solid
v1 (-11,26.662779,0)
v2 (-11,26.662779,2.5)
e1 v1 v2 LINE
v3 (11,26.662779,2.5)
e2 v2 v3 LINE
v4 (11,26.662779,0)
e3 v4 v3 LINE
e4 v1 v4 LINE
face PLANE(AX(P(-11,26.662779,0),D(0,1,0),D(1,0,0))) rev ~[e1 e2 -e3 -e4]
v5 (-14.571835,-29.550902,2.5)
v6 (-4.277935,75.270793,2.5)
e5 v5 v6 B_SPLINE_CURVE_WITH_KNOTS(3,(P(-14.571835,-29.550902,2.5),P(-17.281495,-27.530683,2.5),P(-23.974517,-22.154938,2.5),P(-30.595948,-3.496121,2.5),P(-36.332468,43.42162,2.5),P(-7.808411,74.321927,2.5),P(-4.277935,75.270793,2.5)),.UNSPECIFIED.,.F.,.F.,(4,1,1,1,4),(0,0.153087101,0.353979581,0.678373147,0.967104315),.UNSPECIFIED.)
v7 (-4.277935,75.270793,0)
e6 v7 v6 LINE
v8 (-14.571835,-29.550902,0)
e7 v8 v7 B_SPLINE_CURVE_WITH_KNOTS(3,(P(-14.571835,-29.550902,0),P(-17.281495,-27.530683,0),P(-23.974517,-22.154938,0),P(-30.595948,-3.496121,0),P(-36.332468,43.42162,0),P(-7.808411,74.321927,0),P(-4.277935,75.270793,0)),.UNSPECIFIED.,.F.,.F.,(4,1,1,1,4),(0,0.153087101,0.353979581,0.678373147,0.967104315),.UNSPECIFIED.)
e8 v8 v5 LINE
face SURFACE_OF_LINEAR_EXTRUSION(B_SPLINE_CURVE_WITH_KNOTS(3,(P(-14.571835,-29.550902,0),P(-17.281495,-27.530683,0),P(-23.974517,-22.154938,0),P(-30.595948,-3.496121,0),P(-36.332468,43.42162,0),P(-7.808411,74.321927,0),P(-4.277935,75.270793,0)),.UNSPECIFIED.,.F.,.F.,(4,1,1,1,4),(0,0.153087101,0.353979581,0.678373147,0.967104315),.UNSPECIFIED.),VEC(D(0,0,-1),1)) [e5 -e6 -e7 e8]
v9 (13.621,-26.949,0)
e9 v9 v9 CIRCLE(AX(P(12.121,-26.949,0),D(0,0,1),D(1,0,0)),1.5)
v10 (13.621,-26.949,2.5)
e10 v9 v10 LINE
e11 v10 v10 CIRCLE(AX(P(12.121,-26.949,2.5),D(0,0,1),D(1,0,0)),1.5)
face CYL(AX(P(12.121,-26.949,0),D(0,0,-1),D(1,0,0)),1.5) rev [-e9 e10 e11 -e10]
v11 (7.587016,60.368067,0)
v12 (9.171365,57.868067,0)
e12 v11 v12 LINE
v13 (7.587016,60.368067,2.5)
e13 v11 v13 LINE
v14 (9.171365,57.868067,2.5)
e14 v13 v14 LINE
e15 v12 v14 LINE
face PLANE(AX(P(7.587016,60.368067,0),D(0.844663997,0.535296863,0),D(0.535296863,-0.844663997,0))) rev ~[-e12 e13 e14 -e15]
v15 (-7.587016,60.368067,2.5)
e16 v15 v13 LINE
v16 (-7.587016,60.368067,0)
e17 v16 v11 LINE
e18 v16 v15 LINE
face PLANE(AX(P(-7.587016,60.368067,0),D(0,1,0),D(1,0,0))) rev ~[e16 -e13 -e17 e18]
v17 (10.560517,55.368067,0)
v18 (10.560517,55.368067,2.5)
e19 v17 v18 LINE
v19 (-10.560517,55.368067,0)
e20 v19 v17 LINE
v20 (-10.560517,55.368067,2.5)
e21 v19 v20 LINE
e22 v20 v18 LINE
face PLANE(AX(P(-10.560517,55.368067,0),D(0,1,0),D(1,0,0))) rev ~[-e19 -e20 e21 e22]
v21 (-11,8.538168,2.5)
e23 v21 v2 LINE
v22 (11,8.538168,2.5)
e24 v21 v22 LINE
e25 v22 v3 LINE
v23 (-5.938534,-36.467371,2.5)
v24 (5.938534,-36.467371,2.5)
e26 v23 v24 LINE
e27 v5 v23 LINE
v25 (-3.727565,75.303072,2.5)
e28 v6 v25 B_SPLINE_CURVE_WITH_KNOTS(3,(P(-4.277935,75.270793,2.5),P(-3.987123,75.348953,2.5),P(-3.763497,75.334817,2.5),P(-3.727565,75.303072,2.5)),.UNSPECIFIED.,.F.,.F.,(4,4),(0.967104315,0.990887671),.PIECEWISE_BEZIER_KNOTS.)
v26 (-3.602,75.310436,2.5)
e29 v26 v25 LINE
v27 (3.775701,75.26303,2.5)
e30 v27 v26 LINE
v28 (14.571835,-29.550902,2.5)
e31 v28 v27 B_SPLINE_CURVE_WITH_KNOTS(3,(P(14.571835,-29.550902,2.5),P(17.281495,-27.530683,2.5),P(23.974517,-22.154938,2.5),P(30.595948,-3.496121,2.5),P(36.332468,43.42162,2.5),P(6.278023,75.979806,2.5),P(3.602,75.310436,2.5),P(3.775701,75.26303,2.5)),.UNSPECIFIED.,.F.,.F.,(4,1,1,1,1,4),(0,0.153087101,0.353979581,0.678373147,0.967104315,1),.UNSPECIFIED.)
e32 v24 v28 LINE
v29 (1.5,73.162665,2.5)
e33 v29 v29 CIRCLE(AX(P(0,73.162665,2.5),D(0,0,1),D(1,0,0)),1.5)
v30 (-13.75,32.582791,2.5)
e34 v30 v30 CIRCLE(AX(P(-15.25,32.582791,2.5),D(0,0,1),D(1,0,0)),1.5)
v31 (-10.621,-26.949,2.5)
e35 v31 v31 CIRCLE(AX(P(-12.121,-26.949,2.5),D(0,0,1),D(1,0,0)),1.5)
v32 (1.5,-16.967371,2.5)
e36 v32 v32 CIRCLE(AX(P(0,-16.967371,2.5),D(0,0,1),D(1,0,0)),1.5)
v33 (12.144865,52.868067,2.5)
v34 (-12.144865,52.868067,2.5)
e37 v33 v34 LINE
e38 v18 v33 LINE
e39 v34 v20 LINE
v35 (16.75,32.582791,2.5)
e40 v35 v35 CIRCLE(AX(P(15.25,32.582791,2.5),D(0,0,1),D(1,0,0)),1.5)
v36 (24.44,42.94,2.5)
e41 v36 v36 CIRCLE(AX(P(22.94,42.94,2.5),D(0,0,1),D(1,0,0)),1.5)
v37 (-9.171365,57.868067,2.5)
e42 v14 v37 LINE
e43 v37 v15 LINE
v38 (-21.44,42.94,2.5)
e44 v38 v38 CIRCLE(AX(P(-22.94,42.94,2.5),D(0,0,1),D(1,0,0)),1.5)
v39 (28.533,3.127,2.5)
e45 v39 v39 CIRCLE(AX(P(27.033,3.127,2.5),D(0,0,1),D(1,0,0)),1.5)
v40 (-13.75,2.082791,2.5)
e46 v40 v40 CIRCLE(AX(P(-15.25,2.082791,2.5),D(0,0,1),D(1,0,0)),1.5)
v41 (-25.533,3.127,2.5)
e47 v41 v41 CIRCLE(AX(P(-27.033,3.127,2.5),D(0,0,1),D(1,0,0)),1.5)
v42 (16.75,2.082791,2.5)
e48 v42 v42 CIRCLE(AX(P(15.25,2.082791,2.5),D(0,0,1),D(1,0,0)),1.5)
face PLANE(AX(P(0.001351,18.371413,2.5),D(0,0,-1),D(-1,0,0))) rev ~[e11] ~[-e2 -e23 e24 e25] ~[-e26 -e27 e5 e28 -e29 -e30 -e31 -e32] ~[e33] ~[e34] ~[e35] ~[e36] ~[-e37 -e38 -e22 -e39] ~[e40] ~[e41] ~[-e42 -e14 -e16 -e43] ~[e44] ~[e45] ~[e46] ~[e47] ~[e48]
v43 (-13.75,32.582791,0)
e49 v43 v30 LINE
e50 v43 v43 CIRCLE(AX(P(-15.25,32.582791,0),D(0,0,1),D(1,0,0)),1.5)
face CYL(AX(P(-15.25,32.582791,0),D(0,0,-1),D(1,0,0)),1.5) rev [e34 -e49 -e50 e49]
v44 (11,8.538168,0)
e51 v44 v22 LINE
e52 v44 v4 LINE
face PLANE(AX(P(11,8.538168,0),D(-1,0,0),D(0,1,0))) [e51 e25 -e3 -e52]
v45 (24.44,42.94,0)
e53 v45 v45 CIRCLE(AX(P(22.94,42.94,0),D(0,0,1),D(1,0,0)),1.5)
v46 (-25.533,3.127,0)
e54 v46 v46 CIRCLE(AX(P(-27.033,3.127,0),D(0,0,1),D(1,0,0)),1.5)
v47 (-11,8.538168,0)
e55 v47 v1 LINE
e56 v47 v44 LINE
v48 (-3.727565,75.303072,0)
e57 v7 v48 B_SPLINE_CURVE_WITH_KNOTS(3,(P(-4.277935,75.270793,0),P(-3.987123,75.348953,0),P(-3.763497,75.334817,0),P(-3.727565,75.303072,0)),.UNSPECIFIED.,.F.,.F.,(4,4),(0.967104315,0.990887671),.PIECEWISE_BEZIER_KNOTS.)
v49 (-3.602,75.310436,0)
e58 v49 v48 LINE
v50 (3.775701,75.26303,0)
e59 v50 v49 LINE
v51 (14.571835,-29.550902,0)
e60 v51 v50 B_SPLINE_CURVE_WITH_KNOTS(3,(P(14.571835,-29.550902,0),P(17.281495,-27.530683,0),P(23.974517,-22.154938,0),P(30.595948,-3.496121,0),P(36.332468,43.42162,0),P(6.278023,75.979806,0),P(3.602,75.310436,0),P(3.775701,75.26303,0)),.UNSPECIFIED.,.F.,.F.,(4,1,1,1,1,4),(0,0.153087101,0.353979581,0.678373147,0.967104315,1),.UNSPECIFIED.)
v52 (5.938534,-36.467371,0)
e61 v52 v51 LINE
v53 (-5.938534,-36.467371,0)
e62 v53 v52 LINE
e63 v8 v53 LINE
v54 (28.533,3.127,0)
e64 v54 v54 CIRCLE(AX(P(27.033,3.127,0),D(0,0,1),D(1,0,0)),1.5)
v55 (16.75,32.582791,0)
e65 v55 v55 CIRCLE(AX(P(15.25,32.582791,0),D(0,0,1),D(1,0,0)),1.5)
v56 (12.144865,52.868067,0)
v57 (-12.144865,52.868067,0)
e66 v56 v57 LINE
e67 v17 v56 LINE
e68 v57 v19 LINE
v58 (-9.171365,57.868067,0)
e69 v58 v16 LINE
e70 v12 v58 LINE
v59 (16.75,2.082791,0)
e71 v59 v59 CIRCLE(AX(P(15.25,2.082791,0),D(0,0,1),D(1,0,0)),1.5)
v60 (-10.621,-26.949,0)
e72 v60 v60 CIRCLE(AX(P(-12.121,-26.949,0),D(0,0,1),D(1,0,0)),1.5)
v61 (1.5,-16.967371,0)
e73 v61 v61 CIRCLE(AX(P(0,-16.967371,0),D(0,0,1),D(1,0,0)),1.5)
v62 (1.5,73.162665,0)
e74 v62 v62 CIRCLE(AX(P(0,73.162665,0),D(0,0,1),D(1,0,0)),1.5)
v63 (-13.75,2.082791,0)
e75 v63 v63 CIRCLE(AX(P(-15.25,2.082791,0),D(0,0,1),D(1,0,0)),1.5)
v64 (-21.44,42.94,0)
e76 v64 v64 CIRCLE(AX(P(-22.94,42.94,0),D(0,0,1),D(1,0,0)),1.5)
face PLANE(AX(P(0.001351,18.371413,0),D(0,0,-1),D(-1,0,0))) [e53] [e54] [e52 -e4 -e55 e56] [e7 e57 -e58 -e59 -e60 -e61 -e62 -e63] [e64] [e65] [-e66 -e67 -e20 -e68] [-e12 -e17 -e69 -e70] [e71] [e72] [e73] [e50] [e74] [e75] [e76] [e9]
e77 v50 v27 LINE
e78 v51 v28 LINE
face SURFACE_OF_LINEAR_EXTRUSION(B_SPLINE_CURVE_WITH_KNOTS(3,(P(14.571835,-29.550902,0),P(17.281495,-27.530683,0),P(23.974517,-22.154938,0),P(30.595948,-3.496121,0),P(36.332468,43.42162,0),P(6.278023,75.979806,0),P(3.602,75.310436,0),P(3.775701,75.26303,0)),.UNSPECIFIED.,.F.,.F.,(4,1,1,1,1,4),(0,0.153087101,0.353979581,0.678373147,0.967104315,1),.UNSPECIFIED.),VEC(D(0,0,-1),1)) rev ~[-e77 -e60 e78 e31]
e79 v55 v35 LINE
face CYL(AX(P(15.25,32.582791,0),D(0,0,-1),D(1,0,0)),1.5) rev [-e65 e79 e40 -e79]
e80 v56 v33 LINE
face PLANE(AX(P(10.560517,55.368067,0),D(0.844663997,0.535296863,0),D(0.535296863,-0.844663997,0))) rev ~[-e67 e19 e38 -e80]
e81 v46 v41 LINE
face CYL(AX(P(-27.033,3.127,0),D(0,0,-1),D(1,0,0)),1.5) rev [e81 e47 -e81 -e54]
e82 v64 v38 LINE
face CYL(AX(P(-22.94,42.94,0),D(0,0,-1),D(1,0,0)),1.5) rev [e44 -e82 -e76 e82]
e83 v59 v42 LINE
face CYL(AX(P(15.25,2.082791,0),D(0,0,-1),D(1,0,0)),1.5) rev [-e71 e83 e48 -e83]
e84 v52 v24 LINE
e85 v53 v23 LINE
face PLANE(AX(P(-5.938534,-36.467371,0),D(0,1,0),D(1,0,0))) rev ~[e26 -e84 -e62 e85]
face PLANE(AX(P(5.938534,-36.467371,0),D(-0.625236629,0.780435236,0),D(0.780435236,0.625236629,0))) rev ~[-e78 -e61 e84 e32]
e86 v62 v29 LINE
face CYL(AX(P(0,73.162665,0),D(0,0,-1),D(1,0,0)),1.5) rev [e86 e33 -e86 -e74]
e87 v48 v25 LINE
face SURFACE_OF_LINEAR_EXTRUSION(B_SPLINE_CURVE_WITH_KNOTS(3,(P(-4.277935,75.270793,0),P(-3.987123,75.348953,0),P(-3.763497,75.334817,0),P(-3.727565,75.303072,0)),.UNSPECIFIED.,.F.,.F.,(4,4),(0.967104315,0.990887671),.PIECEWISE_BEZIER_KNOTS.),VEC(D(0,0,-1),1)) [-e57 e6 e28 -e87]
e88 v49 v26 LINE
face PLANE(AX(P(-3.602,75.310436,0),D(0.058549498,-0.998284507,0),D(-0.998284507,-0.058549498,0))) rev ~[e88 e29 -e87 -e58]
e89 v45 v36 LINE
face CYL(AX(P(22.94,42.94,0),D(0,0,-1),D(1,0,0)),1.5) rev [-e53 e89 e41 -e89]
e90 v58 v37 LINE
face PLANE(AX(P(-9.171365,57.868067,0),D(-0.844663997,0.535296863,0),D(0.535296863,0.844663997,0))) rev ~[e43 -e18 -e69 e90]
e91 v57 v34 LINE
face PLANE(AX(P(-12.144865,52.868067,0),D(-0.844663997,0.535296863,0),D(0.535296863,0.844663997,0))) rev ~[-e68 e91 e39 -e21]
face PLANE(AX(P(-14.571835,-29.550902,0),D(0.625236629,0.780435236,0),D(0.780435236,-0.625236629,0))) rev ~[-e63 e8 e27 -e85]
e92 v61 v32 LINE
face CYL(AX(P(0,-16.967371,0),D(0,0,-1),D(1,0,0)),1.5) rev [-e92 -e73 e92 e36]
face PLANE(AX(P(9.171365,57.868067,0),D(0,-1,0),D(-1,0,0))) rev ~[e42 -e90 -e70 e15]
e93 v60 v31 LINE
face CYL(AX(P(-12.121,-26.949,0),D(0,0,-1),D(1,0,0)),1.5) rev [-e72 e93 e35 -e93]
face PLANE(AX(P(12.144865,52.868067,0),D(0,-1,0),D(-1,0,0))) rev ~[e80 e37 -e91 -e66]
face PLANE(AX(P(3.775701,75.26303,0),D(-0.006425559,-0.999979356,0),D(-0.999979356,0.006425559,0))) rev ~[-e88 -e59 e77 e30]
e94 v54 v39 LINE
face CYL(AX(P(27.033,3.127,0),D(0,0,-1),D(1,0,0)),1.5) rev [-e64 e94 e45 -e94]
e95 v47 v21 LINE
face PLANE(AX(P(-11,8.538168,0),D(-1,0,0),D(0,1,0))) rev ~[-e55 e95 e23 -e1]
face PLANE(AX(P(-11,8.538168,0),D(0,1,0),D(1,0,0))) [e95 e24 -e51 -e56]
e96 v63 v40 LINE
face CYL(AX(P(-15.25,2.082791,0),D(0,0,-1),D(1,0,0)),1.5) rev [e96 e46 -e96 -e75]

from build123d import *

# Parameters (mm, degrees)
F0_R     = 1.5
F0_W     = 22
F0_H     = 18.1246111169
F1_DEPTH = 2.5


with BuildPart() as f1:
    # F0 (on Top) → F1 (new body)
    with BuildSketch(Plane.XY):
        with BuildLine():
            add(Edge.make_bspline(
                [(-14.5718348775, -29.5509017117), (-17.2814950812, -27.5306828536), (-23.9745169905, -22.1549382721), (-30.595947652, -3.49612126), (-36.3324677675, 43.4216202253), (-7.8084108152, 74.3219266363), (-4.2779348576, 75.2707928206)],
                knots=[0, 0, 0, 0, 0.1530871009, 0.3539795811, 0.6783731467, 0.9671043152, 0.9671043152, 0.9671043152, 0.9671043152], degree=3))
            Line((-14.5718348775, -29.5509017117), (-5.9385337498, -36.4673706747))
            Line((-5.9385337498, -36.4673706747), (0, -36.4673706747))
            Line((0, -36.4673706747), (5.9385337498, -36.4673706747))
            Line((5.9385337498, -36.4673706747), (14.5718348775, -29.5509017117))
            add(Edge.make_bspline(
                [(14.5718348775, -29.5509017117), (17.2814950812, -27.5306828536), (23.9745169905, -22.1549382721), (30.595947652, -3.49612126), (36.3324677675, 43.4216202253), (6.2780233831, 75.9798058314), (3.602, 75.3104364757), (3.7757005832, 75.2630296432)],
                knots=[0, 0, 0, 0, 0.1530871009, 0.3539795811, 0.6783731467, 0.9671043152, 1, 1, 1, 1], degree=3))
            Line((3.7757005832, 75.2630296432), (-3.602, 75.3104364757))
            Line((-3.602, 75.3104364757), (-3.7275652465, 75.3030720599))
            Line((-3.7275652465, 75.3030720599), (-4.2779348576, 75.2707928206))
        make_face()
        with Locations((-12.121, -26.949)):
            Circle(F0_R, mode=Mode.SUBTRACT)
        with Locations((-27.033, 3.127)):
            Circle(F0_R, mode=Mode.SUBTRACT)
        with Locations((-15.25, 2.0827907138)):
            Circle(F0_R, mode=Mode.SUBTRACT)
        with Locations((12.121, -26.949)):
            Circle(F0_R, mode=Mode.SUBTRACT)
        with Locations((0, -16.9673706747)):
            Circle(F0_R, mode=Mode.SUBTRACT)
        with Locations((15.25, 2.0827907138)):
            Circle(F0_R, mode=Mode.SUBTRACT)
        with Locations((0, 17.6004734822)):
            Rectangle(F0_W, F0_H, mode=Mode.SUBTRACT)
        with Locations((27.033, 3.127)):
            Circle(F0_R, mode=Mode.SUBTRACT)
        with Locations((-22.94, 42.94)):
            Circle(F0_R, mode=Mode.SUBTRACT)
        with Locations((-15.25, 32.5827907138)):
            Circle(F0_R, mode=Mode.SUBTRACT)
        with Locations((15.25, 32.5827907138)):
            Circle(F0_R, mode=Mode.SUBTRACT)
        with Locations((22.94, 42.94)):
            Circle(F0_R, mode=Mode.SUBTRACT)
        Polygon((12.1448650993, 52.8680674043), (-12.1448650993, 52.8680674043), (-10.5605165738, 55.3680674043), (10.5605165738, 55.3680674043), align=None, mode=Mode.SUBTRACT)
        Polygon((9.1713646965, 57.8680674043), (-9.1713646965, 57.8680674043), (-7.5870161709, 60.3680674043), (7.5870161709, 60.3680674043), align=None, mode=Mode.SUBTRACT)
        with Locations((0, 73.1626654782)):
            Circle(F0_R, mode=Mode.SUBTRACT)
        with BuildLine():
            add(Edge.make_bspline(
                [(-4.2779348576, 75.2707928206), (-3.9871225949, 75.3489527982), (-3.7634968157, 75.3348170127), (-3.7275652465, 75.3030720599)],
                knots=[0.9671043152, 0.9671043152, 0.9671043152, 0.9671043152, 0.9908876706, 0.9908876706, 0.9908876706, 0.9908876706], degree=3))
            Line((-4.2779348576, 75.2707928206), (-3.7275652465, 75.3030720599))
        make_face()
    extrude(amount=F1_DEPTH)


solid = f1.part
